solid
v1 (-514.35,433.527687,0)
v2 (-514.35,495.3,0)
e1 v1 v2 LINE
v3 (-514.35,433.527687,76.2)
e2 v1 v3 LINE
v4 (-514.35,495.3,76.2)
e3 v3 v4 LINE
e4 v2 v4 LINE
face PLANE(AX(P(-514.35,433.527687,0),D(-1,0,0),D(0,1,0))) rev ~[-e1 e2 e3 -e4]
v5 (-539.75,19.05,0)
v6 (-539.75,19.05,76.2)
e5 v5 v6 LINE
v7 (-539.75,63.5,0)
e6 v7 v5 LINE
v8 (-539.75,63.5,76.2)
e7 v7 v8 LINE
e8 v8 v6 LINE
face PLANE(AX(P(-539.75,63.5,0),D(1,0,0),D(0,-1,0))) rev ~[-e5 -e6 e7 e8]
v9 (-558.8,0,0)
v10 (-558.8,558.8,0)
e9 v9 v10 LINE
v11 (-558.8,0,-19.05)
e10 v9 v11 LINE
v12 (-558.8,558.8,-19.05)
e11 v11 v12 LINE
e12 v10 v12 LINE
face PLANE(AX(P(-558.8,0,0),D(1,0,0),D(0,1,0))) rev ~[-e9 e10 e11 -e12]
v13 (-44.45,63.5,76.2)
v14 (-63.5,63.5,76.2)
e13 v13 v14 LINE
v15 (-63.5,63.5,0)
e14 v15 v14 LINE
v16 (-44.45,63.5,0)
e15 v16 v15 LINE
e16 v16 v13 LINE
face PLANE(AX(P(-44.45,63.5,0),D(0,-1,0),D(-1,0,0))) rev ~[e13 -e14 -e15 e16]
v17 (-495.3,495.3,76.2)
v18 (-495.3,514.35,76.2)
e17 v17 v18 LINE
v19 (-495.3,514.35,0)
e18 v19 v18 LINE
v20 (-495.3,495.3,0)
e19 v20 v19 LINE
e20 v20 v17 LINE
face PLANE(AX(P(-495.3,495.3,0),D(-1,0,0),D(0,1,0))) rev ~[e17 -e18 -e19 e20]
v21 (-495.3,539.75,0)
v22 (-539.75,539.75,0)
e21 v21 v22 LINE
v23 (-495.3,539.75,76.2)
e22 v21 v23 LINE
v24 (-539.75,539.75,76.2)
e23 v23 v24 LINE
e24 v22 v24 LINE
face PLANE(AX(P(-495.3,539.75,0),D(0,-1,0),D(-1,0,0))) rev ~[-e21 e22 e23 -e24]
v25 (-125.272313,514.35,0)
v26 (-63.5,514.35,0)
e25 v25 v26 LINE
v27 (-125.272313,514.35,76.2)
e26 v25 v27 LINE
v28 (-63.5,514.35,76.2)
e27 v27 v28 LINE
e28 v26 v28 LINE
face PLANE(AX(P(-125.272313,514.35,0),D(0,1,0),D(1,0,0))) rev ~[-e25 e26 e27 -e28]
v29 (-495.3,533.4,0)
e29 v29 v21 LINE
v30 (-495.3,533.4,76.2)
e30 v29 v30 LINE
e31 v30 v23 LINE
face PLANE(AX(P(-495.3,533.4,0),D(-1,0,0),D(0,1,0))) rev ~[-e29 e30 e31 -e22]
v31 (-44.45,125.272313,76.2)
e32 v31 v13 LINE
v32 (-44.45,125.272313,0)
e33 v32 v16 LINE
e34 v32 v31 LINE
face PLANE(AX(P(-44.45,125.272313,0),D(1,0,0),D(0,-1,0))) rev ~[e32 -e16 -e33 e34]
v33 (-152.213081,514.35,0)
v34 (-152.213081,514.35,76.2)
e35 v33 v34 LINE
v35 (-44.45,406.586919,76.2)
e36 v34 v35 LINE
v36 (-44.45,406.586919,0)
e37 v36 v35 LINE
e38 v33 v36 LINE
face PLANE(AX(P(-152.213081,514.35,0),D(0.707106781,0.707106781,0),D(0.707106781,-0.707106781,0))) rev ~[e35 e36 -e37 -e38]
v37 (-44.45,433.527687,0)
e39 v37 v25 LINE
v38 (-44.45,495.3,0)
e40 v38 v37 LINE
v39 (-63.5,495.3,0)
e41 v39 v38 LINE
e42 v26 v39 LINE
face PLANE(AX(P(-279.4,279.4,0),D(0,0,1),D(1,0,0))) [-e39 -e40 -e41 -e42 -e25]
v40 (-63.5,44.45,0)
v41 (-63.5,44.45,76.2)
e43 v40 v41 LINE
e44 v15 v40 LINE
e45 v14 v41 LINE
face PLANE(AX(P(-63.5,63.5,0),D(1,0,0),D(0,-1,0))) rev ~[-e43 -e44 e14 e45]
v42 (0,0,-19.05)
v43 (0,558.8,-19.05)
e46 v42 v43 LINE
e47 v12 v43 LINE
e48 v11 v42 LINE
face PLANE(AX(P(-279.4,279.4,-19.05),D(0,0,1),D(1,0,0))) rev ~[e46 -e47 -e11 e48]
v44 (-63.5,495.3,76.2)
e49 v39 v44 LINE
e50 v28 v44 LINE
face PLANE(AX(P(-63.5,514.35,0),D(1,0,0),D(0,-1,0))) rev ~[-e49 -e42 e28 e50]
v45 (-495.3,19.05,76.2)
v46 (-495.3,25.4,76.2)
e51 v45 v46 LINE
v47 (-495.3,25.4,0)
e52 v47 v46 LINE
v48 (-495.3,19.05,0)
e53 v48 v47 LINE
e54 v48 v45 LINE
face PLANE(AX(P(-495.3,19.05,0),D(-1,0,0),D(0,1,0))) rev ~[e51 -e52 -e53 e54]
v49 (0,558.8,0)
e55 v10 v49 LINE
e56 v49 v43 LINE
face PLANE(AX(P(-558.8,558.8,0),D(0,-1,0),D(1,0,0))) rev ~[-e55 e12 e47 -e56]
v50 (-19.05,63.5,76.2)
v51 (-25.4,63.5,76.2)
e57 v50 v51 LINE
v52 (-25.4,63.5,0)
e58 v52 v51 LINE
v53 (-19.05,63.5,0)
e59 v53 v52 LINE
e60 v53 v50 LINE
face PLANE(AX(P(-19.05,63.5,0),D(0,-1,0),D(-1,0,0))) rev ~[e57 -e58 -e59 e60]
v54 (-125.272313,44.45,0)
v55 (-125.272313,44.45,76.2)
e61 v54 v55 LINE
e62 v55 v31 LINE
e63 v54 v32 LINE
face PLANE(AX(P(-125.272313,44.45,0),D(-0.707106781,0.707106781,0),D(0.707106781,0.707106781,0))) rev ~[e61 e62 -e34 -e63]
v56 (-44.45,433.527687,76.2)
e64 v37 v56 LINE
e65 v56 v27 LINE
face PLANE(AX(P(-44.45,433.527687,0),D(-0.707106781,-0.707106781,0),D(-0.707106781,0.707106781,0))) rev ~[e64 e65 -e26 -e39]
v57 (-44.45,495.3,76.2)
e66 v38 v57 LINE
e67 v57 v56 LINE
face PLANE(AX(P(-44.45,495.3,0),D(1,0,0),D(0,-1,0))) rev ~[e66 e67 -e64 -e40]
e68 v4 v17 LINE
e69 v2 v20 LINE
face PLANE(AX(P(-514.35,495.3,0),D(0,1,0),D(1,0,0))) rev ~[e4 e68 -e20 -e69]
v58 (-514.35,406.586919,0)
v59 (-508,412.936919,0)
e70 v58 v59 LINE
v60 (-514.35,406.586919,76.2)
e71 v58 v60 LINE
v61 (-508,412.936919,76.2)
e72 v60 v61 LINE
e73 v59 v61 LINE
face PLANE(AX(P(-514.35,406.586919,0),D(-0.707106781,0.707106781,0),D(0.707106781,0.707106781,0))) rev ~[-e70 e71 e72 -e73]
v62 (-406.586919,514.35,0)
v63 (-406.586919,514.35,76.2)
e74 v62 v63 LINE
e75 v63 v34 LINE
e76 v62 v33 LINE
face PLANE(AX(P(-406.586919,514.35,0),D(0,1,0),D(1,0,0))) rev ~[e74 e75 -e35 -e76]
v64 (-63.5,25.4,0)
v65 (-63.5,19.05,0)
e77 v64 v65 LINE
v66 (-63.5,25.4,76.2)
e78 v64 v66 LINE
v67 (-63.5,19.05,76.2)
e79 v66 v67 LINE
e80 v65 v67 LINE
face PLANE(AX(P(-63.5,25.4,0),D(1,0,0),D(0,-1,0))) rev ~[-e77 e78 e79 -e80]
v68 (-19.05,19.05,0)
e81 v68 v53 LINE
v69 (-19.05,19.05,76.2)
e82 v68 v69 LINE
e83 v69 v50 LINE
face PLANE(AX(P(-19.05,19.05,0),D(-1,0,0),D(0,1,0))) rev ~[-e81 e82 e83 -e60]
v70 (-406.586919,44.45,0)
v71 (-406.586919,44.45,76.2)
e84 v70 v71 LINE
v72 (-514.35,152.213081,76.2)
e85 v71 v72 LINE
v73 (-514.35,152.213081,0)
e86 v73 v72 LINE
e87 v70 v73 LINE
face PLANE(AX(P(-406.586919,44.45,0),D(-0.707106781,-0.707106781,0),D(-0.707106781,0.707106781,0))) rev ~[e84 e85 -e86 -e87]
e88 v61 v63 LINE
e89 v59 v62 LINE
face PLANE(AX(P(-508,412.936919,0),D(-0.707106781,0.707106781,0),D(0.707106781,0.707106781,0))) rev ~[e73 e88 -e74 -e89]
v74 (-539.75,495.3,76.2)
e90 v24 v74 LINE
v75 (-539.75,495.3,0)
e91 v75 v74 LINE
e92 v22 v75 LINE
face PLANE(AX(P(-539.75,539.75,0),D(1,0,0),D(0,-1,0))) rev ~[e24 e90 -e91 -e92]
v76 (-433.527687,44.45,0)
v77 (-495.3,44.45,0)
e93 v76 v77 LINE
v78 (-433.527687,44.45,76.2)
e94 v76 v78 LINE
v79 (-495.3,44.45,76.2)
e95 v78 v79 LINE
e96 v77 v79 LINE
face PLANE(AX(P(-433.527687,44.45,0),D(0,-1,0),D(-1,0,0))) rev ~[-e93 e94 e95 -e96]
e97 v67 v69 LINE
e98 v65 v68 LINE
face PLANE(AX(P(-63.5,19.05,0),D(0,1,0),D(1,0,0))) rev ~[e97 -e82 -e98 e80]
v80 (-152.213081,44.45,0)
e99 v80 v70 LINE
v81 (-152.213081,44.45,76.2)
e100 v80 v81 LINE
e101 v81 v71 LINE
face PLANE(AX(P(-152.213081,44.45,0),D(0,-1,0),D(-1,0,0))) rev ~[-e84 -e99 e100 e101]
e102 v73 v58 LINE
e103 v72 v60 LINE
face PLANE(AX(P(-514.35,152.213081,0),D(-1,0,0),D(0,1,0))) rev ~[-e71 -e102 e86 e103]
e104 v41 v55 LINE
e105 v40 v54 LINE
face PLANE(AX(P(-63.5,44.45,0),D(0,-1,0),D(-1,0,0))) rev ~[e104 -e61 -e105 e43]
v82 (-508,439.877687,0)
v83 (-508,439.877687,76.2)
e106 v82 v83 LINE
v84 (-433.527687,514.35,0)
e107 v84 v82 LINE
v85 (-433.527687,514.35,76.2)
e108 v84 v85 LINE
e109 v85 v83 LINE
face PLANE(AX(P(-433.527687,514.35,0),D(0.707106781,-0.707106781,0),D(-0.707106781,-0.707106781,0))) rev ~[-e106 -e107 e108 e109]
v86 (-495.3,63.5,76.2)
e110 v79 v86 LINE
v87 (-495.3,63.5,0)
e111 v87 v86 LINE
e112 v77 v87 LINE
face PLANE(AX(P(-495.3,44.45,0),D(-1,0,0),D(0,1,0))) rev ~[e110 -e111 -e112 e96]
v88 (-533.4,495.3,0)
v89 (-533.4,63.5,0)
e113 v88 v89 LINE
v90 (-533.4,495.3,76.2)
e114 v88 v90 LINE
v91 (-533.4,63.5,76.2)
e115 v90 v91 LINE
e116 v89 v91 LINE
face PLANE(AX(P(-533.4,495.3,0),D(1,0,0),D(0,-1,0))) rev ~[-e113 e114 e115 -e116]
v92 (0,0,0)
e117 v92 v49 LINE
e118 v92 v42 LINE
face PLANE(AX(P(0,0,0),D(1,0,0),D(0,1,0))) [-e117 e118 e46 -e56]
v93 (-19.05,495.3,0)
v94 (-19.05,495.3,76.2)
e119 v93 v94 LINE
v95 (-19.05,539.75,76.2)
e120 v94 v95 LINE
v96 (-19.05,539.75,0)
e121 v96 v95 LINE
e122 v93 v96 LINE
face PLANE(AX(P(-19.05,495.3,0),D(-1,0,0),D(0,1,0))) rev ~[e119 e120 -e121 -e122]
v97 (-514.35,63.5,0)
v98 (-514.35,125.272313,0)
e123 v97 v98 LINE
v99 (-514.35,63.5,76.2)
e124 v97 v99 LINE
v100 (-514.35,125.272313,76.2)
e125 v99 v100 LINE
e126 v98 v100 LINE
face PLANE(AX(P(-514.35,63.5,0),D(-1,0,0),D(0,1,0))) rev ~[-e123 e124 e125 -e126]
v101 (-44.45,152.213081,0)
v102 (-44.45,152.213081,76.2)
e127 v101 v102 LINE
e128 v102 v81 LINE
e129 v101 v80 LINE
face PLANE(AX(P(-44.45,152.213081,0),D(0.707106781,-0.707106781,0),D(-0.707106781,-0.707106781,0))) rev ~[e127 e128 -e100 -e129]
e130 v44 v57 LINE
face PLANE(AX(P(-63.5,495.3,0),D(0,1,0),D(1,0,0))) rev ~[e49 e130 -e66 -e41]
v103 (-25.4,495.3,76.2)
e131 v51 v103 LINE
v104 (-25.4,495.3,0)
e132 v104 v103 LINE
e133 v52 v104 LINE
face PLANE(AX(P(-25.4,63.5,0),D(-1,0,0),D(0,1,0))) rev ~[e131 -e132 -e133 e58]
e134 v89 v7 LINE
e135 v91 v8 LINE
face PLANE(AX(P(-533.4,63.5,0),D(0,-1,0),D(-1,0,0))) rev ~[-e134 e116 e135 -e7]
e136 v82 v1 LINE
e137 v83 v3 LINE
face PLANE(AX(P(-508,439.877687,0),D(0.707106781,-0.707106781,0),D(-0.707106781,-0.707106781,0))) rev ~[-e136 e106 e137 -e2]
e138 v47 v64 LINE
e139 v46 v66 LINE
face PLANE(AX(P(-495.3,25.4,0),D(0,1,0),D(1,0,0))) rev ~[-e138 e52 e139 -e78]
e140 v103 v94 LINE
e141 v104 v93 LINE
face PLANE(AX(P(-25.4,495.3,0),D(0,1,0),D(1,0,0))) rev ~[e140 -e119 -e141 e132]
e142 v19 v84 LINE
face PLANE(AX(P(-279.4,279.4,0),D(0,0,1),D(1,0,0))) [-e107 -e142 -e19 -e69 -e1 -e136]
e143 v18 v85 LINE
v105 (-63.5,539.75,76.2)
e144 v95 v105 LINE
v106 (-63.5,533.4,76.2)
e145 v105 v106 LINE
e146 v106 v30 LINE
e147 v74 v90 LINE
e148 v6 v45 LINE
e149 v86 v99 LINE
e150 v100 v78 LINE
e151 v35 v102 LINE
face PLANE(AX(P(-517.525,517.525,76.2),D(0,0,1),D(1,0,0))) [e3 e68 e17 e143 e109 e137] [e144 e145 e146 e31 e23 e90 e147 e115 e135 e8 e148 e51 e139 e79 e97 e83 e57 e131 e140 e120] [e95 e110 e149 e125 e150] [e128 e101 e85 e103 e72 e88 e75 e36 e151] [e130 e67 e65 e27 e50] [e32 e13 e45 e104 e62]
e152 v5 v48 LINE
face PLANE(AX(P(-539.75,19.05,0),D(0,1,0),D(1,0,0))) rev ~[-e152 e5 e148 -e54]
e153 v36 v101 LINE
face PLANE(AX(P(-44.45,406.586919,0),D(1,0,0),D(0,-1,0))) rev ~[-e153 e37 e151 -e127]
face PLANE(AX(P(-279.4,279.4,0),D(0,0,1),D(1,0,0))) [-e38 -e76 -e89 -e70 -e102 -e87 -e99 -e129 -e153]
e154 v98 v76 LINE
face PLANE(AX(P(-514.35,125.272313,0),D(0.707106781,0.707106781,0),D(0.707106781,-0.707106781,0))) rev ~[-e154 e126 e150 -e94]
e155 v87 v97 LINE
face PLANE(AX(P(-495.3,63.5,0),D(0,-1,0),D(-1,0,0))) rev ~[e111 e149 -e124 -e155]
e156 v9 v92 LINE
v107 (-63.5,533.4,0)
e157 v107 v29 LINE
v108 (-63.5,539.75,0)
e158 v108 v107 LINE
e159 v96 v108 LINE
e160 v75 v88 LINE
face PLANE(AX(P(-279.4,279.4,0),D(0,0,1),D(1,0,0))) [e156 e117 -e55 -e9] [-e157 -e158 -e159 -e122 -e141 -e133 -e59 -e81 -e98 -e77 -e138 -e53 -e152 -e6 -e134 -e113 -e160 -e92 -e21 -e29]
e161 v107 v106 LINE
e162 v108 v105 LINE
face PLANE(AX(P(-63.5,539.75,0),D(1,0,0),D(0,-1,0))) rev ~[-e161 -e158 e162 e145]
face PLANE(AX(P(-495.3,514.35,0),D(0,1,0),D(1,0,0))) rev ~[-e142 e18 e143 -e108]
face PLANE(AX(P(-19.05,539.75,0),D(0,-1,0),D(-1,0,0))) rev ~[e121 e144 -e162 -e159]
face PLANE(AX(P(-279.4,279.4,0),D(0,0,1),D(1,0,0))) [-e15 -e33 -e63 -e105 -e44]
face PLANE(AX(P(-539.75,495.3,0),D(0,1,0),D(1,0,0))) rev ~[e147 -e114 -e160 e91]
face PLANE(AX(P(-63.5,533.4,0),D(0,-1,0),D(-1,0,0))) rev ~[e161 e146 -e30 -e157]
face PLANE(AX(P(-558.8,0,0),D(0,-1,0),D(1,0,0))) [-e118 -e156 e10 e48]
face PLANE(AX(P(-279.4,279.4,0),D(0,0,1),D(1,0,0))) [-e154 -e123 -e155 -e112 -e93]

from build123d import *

# Parameters (mm, degrees)
F1_W     = 558.8
F1_H     = 558.8
F2_DEPTH = 19.05
F3_DEPTH = 76.2


with BuildPart() as f2:
    # F1 (on Top) → F2 (new body)
    with BuildSketch(Plane.XY):
        with Locations((-279.4, 279.4)):
            Rectangle(F1_W, F1_H)
    extrude(amount=-F2_DEPTH)

    # F0 (on Top) → F3 (join)
    with BuildSketch(Plane.XY):
        Polygon((-495.3, 539.7500000002), (-508, 539.7500000002), (-539.75, 539.7500000002), (-539.75, 495.3), (-533.4, 495.3), (-514.35, 495.3), (-508, 495.3), (-495.3, 495.3), (-495.3, 514.3500000002), (-495.3, 533.4), align=None)
        Polygon((-539.75, 19.05), (-508, 19.05), (-495.3, 19.05), (-495.3, 25.4000000002), (-495.3, 44.45), (-495.3, 63.5), (-508, 63.5), (-514.35, 63.5), (-533.4, 63.5), (-539.75, 63.5), align=None)
        Polygon((-63.5, 19.05), (-50.8, 19.05), (-19.05, 19.05), (-19.05, 63.5), (-25.4000000002, 63.5), (-44.45, 63.5), (-50.8, 63.5), (-63.5, 63.5), (-63.5, 44.45), (-63.5, 25.4000000002), align=None)
        Polygon((-19.05, 539.7500000002), (-50.8, 539.7500000002), (-63.5, 539.7500000002), (-63.5, 533.4), (-63.5, 514.3500000002), (-63.5, 495.3), (-50.8, 495.3), (-44.45, 495.3), (-25.4000000002, 495.3), (-19.05, 495.3), align=None)
        Polygon((-44.45, 63.5), (-25.4000000002, 63.5), (-25.4000000002, 495.3), (-44.45, 495.3), (-44.45, 433.5276869632), (-44.45, 406.5869186), (-44.45, 152.2130814), (-44.45, 125.2723130368), align=None)
        Polygon((-63.5, 514.3500000002), (-63.5, 533.4), (-495.3, 533.4), (-495.3, 514.3500000002), (-433.5276869633, 514.3500000002), (-406.5869186002, 514.3500000002), (-152.2130814, 514.3500000002), (-125.2723130368, 514.3500000002), align=None)
        Polygon((-533.4, 495.3), (-533.4, 63.5), (-514.35, 63.5), (-514.35, 125.2723130368), (-514.35, 152.2130814), (-514.35, 406.5869186), (-514.35, 433.5276869632), (-514.35, 495.3), align=None)
        Polygon((-406.5869186002, 514.3500000002), (-433.5276869633, 514.3500000002), (-508, 439.8776869632), (-514.35, 433.5276869632), (-514.35, 406.5869186), (-508, 412.9369186), align=None)
        Polygon((-508, 118.9223130368), (-433.5276869632, 44.45), (-406.5869186, 44.45), (-508, 145.8630814), (-514.35, 152.2130814), (-514.35, 125.2723130368), align=None)
        Polygon((-152.2130814, 44.45), (-125.2723130368, 44.45), (-50.8, 118.9223130368), (-44.45, 125.2723130368), (-44.45, 152.2130814), (-50.8, 145.8630814), align=None)
        Polygon((-495.3, 25.4000000002), (-63.5, 25.4000000002), (-63.5, 44.45), (-125.2723130368, 44.45), (-152.2130814, 44.45), (-406.5869186, 44.45), (-433.5276869632, 44.45), (-495.3, 44.45), align=None)
        Polygon((-50.8, 439.8776869632), (-125.2723130368, 514.35), (-152.2130814, 514.3500000002), (-50.8, 412.9369186), (-44.45, 406.5869186), (-44.45, 433.5276869632), align=None)
    extrude(amount=F3_DEPTH)


solid = f2.part
